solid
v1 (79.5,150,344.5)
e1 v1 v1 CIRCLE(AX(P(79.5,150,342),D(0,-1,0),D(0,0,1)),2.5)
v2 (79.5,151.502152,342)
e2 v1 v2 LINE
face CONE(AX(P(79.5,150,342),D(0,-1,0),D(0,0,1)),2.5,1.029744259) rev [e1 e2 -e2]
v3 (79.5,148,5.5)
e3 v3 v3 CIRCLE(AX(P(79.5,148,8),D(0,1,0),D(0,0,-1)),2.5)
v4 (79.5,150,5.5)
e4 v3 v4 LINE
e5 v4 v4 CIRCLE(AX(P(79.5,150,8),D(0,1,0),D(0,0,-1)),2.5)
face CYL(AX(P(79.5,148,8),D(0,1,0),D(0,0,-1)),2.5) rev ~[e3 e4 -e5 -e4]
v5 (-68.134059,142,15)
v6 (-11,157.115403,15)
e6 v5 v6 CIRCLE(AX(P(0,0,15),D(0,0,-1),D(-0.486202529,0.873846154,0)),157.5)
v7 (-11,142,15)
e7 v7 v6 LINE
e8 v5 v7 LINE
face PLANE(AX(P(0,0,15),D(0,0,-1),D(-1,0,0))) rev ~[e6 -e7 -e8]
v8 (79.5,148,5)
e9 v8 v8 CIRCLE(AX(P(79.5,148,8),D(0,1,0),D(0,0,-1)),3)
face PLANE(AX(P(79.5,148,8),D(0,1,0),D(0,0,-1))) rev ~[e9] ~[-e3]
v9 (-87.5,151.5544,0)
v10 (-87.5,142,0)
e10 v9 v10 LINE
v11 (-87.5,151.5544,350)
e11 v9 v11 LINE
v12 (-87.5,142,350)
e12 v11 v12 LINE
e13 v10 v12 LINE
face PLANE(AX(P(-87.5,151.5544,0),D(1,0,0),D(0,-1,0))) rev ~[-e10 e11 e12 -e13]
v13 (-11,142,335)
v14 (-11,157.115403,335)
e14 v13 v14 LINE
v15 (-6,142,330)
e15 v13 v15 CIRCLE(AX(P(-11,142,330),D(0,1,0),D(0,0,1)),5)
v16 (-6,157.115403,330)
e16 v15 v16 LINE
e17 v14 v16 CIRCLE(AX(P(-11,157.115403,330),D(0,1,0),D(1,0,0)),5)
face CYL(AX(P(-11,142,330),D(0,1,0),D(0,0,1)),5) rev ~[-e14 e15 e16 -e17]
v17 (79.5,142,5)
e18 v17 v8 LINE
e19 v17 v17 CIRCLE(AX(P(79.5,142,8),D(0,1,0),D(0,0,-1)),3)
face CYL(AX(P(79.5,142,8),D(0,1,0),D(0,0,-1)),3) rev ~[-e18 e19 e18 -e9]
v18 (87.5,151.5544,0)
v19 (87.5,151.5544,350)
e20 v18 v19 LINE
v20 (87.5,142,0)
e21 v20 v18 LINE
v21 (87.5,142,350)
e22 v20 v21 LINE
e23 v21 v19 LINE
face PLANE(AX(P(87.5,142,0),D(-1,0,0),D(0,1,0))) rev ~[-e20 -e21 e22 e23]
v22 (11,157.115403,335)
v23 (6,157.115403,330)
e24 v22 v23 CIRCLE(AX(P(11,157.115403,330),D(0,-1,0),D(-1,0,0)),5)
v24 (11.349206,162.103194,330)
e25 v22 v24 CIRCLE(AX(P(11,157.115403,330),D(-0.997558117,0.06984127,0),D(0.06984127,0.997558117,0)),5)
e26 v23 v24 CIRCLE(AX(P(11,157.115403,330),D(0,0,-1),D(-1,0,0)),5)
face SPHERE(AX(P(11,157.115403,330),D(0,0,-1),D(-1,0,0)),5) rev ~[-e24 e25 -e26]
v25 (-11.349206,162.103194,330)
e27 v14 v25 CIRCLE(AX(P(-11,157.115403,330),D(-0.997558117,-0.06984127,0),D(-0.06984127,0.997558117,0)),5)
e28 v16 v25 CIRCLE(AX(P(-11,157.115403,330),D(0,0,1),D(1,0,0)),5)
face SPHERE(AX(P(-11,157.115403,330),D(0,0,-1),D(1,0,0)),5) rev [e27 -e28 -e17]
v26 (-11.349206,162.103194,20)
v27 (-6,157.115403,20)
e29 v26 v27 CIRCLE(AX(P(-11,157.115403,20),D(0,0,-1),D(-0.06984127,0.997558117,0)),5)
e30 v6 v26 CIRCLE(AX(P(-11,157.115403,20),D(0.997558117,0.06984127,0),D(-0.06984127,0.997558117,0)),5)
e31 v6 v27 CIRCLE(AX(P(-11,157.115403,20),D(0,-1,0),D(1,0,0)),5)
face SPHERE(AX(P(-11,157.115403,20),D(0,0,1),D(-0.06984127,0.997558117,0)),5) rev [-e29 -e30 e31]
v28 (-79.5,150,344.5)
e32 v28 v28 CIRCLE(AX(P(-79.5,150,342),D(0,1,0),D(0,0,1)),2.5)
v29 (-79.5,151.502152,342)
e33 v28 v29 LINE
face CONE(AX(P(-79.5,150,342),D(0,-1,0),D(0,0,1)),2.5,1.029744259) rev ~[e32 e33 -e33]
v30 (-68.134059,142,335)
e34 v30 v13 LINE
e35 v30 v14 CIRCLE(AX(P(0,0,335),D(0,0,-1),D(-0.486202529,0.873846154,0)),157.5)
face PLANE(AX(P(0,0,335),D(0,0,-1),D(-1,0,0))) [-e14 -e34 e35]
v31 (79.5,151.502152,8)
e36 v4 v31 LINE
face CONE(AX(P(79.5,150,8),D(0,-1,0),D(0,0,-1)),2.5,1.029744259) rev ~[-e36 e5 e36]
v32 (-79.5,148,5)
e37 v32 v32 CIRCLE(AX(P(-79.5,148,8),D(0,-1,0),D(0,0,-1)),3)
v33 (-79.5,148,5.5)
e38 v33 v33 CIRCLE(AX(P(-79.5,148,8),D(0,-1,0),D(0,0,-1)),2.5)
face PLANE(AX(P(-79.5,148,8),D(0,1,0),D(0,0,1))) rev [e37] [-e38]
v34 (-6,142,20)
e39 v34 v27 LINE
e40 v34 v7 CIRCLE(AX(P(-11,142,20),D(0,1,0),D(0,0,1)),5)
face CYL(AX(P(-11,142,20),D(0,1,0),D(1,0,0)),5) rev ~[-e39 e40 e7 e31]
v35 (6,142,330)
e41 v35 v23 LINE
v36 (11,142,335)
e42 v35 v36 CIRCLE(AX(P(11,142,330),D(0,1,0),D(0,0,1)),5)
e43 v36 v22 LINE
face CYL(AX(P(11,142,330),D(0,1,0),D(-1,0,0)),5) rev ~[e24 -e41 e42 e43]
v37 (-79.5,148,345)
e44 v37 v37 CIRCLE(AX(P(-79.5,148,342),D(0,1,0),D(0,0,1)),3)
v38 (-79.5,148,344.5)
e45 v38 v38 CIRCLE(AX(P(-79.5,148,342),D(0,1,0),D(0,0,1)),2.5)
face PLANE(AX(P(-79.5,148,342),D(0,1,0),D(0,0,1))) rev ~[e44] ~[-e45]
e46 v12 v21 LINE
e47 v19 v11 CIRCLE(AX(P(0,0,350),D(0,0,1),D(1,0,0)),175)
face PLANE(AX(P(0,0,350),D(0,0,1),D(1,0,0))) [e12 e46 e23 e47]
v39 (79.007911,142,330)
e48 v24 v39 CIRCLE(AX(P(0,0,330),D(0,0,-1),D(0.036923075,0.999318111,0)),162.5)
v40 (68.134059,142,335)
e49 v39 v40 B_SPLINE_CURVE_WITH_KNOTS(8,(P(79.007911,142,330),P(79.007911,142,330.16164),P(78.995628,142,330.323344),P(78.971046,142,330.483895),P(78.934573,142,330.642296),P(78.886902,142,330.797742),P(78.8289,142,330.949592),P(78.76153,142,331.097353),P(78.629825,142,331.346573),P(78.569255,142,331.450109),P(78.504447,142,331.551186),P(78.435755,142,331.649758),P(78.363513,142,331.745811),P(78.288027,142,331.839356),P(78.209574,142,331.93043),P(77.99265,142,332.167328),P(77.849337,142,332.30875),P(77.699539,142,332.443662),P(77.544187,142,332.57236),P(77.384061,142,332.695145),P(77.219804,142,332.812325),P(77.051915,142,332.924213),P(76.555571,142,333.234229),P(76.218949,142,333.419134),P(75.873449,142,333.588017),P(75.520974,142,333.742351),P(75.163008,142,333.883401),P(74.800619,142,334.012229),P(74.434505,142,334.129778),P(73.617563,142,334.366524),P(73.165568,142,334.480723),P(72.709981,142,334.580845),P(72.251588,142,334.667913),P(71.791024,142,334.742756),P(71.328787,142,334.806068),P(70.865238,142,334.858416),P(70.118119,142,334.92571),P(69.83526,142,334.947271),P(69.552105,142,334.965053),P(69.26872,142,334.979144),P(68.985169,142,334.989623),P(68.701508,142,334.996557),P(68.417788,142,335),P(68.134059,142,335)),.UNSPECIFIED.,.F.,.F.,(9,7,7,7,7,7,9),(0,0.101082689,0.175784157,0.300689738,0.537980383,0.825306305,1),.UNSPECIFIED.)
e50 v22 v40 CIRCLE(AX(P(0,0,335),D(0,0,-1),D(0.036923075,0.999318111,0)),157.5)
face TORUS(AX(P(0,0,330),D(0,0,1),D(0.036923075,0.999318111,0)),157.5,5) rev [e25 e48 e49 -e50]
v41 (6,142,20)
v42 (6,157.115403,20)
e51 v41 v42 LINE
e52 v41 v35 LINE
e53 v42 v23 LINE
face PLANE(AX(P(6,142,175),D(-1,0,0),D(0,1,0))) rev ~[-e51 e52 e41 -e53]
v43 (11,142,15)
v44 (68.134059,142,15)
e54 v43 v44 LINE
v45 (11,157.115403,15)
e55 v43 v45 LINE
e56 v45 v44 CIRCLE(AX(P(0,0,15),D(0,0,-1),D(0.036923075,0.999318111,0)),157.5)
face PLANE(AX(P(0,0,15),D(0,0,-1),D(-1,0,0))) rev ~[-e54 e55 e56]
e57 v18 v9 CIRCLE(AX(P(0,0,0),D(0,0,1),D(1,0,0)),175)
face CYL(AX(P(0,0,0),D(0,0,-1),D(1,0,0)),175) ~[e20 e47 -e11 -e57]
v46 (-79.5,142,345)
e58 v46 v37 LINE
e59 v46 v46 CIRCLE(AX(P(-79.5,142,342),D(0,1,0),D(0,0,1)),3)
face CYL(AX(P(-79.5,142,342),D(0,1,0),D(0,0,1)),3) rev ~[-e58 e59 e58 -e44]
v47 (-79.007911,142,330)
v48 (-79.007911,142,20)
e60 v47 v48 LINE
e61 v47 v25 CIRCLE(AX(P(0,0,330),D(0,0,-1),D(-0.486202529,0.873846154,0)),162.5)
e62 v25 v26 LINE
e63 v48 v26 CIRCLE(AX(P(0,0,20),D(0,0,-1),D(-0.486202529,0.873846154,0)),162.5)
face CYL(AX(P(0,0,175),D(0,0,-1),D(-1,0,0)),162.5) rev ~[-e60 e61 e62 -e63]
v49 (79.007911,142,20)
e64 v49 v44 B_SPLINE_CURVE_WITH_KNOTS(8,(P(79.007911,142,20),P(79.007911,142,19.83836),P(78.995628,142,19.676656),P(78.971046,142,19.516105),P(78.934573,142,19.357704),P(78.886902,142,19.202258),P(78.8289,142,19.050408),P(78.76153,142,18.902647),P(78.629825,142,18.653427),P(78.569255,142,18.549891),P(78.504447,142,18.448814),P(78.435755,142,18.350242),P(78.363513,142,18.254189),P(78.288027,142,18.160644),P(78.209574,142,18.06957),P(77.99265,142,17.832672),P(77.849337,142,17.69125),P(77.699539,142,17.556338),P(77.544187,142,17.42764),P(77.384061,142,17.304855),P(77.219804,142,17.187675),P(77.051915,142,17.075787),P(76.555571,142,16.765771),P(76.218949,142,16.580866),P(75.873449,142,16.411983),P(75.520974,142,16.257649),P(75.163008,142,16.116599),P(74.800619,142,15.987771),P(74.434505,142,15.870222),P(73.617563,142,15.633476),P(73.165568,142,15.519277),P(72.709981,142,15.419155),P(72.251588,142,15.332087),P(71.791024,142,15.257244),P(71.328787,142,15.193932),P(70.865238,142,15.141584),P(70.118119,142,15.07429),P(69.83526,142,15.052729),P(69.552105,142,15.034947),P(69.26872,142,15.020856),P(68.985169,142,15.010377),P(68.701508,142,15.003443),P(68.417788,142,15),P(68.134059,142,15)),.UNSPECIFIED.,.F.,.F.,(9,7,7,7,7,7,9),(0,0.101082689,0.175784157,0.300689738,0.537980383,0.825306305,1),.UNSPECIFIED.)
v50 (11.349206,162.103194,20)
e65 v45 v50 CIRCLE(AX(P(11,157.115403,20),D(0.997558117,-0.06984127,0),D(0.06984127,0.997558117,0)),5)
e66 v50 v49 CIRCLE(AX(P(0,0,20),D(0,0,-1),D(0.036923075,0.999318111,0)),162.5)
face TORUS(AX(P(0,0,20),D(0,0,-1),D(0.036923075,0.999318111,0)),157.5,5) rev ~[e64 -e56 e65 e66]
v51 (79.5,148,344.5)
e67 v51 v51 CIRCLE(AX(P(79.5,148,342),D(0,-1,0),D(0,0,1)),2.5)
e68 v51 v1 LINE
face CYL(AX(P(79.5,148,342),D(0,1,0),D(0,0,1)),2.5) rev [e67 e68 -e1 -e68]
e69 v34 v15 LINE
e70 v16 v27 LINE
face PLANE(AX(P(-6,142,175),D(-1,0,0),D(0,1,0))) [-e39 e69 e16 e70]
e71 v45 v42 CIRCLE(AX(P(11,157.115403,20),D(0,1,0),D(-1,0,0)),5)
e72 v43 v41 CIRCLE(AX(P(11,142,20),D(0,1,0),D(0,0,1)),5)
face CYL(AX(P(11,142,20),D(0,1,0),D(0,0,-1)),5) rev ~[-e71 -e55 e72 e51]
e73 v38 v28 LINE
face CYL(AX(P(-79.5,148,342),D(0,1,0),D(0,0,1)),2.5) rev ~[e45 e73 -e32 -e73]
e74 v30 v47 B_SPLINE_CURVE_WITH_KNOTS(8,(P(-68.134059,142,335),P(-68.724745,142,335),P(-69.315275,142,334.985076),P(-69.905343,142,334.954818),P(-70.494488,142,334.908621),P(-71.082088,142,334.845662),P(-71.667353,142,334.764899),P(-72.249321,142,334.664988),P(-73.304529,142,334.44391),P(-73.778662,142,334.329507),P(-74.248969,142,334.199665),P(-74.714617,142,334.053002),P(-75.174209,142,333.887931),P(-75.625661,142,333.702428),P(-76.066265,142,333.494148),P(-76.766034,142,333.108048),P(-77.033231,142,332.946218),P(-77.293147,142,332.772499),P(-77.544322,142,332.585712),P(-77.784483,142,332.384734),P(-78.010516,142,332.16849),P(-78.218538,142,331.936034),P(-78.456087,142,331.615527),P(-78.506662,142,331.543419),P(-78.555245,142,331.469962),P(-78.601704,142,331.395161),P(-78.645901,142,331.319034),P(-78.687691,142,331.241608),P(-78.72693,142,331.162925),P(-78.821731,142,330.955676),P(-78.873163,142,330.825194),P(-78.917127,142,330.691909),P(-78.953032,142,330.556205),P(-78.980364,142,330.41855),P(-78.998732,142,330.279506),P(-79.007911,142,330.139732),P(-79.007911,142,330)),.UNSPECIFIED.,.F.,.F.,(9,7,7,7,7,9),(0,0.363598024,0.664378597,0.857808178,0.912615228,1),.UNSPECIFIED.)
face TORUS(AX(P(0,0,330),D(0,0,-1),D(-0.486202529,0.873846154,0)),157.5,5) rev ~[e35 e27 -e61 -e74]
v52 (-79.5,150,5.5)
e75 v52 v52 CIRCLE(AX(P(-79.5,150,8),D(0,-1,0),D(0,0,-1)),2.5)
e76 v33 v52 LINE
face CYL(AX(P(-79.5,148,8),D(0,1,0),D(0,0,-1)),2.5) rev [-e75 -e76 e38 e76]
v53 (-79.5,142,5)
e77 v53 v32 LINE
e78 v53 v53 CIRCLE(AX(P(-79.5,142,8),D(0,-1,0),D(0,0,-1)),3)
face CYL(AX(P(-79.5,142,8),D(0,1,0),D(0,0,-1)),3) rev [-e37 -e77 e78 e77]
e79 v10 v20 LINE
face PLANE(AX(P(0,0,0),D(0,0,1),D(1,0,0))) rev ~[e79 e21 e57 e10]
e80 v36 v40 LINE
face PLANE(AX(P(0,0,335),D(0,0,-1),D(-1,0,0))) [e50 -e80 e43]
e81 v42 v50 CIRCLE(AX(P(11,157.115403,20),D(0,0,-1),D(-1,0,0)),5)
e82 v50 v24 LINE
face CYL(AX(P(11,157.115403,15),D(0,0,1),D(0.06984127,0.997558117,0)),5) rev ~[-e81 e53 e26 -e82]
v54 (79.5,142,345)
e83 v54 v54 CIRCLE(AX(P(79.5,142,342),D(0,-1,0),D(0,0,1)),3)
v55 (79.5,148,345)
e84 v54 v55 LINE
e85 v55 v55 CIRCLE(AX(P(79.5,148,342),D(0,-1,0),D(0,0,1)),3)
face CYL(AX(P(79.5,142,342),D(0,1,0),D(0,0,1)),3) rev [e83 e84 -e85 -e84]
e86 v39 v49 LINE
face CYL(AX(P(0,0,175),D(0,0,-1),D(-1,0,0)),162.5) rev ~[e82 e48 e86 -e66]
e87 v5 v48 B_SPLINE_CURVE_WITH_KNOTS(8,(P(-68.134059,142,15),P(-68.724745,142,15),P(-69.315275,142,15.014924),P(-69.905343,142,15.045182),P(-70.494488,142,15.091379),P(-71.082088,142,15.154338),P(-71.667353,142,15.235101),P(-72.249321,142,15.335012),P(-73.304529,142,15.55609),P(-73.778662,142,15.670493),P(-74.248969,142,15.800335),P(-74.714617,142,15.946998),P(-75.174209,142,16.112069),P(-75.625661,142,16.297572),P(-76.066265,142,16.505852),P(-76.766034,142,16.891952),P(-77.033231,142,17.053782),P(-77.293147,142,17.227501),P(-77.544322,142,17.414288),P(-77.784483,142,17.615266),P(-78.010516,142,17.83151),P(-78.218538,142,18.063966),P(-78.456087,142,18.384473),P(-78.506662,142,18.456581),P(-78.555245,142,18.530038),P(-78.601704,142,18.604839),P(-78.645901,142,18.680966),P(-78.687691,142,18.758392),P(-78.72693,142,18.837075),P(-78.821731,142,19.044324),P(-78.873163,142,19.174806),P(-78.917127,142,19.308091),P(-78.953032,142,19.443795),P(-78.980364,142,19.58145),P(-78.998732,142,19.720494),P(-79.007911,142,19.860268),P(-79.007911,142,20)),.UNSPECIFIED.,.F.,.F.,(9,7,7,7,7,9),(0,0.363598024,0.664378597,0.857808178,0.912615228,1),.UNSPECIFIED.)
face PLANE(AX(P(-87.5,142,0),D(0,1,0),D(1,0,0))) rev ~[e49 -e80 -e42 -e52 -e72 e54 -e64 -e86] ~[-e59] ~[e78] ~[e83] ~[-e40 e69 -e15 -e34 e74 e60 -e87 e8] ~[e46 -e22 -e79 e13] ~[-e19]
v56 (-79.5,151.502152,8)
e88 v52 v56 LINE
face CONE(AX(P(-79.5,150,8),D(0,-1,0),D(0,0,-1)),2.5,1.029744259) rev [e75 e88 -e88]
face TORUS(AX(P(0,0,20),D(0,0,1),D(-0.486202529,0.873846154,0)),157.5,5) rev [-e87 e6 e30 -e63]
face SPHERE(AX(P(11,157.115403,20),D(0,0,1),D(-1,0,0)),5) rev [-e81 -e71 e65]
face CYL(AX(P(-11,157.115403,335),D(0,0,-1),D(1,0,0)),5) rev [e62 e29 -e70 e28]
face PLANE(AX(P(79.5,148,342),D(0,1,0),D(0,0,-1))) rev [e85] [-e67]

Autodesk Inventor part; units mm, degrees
ref_plane "YZ Plane" through (0, 0, 0) normal (1, 0, 0) x (0, 1, 0)
sketch "Эскиз1" plane through (0, 0, 0) normal (0, 0, 1) x (1, 0, 0)
  circle A0 centre (0, 0) radius 175
  line L0 (0, 136) -> (87.5, 136)
  line L1 (87.5, 136) -> (-87.5, 136)
  line L2 (-87.5, 151.5544) -> (-87.5, 142)
  line L3 (-87.5, 142) -> (87.5, 142)
  line L4 (87.5, 142) -> (87.5, 151.5544)
  dimension "d0" = 350
  dimension "d1" = 87.5
  dimension "d2" = 175
  dimension "d13" = 142
extrude "Выдавливание1" add sketch "Эскиз1" along normal blind 350 contours L4 L3 L2 A0 picked at (0, 153)
ref_plane "РабПлоскость1" through (0, 0, 175) normal (0, 0, -1) x (-1, 0, 0)
sketch "Эскиз2" plane through (0, 0, 175) normal (0, 0, -1) x (-1, 0, 0)
  arc A0 (87.5, 151.5544) -> (-87.5, 151.5544) centre (0, 0) ccw projected
  line L0 (-87.5, 142) -> (-87.5, 151.5544) projected
  arc A1 (87.5, 151.5544) -> (-87.5, 151.5544) centre (0, 0) ccw projected
  line L1 (87.5, 151.5544) -> (87.5, 142) projected
  line L2 (87.5, 142) -> (-87.5, 142) projected
  circle A2 centre (0, 0) radius 162.5
  line L3 (87.5, 142) -> (-87.5, 142) projected
  line L4 (0, 142) -> (-6, 142)
  line L5 (-6, 142) -> (-6, 162.3892)
  line L6 (0, 142) -> (6, 142)
  line L7 (6, 142) -> (6, 162.3892)
  point P0 (-79.0079, 142)
  point P1 (79.0079, 142)
  dimension "d7" = 325
  dimension "d8" = 6
  dimension "d9" = 6
extrude "Выдавливание2" cut sketch "Эскиз2" against normal mid plane 320 contours L2 L7 A2 | A2 L5 L2
fillet "Сопряжение1" radius 5 10 edges at (-43.7095, 156.5111, 335) (43.7095, 156.5111, 335) (-6, 162.3892, 175) (-6, 152.1946, 335) (6, 162.3892, 175) (6, 152.1946, 335) (6, 152.1946, 15) (43.7095, 156.5111, 15) (-43.7095, 156.5111, 15) (-6, 152.1946, 15)
sketch "Эскиз3" plane through (-87.5, 142, 0) normal (0, -1, 0) x (1, 0, 0)
  line L0 (175, 0) -> (175, 8)
  line L1 (175, 0) -> (175, 350) projected
  line L2 (175, 8) -> (167, 8)
  dimension "d14" = 8
hole "Отверстие1" at (79.5, 142, 8) direction (0, 1, 0) diameter 5 depth 8 tip angle 118 counterbore diameter 6 counterbore depth 6
mirror "Зеркальное отражение1" about plane through (0, 0, 0) normal (1, 0, 0) of "Отверстие1"
ref_plane "РабПлоскость2" through (0, 0, 175) normal (0, 0, -1) x (-1, 0, 0)
mirror "Зеркальное отражение2" about plane through (0, 0, 175) normal (0, 0, -1) of "Отверстие1", "Зеркальное отражение1"
thread "Резьба1" size "M6x1" class "6H" standard "ANSI Metric M Profile" full length
thread "Резьба2" size "M6x1" class "6H" standard "ANSI Metric M Profile" full length
thread "Резьба3" size "M6x1" class "6H" standard "ANSI Metric M Profile" full length
thread "Резьба4" size "M6x1" class "6H" standard "ANSI Metric M Profile" full length
properties part number "Башмак_CPY" material "Бронза, мягкое олово"
